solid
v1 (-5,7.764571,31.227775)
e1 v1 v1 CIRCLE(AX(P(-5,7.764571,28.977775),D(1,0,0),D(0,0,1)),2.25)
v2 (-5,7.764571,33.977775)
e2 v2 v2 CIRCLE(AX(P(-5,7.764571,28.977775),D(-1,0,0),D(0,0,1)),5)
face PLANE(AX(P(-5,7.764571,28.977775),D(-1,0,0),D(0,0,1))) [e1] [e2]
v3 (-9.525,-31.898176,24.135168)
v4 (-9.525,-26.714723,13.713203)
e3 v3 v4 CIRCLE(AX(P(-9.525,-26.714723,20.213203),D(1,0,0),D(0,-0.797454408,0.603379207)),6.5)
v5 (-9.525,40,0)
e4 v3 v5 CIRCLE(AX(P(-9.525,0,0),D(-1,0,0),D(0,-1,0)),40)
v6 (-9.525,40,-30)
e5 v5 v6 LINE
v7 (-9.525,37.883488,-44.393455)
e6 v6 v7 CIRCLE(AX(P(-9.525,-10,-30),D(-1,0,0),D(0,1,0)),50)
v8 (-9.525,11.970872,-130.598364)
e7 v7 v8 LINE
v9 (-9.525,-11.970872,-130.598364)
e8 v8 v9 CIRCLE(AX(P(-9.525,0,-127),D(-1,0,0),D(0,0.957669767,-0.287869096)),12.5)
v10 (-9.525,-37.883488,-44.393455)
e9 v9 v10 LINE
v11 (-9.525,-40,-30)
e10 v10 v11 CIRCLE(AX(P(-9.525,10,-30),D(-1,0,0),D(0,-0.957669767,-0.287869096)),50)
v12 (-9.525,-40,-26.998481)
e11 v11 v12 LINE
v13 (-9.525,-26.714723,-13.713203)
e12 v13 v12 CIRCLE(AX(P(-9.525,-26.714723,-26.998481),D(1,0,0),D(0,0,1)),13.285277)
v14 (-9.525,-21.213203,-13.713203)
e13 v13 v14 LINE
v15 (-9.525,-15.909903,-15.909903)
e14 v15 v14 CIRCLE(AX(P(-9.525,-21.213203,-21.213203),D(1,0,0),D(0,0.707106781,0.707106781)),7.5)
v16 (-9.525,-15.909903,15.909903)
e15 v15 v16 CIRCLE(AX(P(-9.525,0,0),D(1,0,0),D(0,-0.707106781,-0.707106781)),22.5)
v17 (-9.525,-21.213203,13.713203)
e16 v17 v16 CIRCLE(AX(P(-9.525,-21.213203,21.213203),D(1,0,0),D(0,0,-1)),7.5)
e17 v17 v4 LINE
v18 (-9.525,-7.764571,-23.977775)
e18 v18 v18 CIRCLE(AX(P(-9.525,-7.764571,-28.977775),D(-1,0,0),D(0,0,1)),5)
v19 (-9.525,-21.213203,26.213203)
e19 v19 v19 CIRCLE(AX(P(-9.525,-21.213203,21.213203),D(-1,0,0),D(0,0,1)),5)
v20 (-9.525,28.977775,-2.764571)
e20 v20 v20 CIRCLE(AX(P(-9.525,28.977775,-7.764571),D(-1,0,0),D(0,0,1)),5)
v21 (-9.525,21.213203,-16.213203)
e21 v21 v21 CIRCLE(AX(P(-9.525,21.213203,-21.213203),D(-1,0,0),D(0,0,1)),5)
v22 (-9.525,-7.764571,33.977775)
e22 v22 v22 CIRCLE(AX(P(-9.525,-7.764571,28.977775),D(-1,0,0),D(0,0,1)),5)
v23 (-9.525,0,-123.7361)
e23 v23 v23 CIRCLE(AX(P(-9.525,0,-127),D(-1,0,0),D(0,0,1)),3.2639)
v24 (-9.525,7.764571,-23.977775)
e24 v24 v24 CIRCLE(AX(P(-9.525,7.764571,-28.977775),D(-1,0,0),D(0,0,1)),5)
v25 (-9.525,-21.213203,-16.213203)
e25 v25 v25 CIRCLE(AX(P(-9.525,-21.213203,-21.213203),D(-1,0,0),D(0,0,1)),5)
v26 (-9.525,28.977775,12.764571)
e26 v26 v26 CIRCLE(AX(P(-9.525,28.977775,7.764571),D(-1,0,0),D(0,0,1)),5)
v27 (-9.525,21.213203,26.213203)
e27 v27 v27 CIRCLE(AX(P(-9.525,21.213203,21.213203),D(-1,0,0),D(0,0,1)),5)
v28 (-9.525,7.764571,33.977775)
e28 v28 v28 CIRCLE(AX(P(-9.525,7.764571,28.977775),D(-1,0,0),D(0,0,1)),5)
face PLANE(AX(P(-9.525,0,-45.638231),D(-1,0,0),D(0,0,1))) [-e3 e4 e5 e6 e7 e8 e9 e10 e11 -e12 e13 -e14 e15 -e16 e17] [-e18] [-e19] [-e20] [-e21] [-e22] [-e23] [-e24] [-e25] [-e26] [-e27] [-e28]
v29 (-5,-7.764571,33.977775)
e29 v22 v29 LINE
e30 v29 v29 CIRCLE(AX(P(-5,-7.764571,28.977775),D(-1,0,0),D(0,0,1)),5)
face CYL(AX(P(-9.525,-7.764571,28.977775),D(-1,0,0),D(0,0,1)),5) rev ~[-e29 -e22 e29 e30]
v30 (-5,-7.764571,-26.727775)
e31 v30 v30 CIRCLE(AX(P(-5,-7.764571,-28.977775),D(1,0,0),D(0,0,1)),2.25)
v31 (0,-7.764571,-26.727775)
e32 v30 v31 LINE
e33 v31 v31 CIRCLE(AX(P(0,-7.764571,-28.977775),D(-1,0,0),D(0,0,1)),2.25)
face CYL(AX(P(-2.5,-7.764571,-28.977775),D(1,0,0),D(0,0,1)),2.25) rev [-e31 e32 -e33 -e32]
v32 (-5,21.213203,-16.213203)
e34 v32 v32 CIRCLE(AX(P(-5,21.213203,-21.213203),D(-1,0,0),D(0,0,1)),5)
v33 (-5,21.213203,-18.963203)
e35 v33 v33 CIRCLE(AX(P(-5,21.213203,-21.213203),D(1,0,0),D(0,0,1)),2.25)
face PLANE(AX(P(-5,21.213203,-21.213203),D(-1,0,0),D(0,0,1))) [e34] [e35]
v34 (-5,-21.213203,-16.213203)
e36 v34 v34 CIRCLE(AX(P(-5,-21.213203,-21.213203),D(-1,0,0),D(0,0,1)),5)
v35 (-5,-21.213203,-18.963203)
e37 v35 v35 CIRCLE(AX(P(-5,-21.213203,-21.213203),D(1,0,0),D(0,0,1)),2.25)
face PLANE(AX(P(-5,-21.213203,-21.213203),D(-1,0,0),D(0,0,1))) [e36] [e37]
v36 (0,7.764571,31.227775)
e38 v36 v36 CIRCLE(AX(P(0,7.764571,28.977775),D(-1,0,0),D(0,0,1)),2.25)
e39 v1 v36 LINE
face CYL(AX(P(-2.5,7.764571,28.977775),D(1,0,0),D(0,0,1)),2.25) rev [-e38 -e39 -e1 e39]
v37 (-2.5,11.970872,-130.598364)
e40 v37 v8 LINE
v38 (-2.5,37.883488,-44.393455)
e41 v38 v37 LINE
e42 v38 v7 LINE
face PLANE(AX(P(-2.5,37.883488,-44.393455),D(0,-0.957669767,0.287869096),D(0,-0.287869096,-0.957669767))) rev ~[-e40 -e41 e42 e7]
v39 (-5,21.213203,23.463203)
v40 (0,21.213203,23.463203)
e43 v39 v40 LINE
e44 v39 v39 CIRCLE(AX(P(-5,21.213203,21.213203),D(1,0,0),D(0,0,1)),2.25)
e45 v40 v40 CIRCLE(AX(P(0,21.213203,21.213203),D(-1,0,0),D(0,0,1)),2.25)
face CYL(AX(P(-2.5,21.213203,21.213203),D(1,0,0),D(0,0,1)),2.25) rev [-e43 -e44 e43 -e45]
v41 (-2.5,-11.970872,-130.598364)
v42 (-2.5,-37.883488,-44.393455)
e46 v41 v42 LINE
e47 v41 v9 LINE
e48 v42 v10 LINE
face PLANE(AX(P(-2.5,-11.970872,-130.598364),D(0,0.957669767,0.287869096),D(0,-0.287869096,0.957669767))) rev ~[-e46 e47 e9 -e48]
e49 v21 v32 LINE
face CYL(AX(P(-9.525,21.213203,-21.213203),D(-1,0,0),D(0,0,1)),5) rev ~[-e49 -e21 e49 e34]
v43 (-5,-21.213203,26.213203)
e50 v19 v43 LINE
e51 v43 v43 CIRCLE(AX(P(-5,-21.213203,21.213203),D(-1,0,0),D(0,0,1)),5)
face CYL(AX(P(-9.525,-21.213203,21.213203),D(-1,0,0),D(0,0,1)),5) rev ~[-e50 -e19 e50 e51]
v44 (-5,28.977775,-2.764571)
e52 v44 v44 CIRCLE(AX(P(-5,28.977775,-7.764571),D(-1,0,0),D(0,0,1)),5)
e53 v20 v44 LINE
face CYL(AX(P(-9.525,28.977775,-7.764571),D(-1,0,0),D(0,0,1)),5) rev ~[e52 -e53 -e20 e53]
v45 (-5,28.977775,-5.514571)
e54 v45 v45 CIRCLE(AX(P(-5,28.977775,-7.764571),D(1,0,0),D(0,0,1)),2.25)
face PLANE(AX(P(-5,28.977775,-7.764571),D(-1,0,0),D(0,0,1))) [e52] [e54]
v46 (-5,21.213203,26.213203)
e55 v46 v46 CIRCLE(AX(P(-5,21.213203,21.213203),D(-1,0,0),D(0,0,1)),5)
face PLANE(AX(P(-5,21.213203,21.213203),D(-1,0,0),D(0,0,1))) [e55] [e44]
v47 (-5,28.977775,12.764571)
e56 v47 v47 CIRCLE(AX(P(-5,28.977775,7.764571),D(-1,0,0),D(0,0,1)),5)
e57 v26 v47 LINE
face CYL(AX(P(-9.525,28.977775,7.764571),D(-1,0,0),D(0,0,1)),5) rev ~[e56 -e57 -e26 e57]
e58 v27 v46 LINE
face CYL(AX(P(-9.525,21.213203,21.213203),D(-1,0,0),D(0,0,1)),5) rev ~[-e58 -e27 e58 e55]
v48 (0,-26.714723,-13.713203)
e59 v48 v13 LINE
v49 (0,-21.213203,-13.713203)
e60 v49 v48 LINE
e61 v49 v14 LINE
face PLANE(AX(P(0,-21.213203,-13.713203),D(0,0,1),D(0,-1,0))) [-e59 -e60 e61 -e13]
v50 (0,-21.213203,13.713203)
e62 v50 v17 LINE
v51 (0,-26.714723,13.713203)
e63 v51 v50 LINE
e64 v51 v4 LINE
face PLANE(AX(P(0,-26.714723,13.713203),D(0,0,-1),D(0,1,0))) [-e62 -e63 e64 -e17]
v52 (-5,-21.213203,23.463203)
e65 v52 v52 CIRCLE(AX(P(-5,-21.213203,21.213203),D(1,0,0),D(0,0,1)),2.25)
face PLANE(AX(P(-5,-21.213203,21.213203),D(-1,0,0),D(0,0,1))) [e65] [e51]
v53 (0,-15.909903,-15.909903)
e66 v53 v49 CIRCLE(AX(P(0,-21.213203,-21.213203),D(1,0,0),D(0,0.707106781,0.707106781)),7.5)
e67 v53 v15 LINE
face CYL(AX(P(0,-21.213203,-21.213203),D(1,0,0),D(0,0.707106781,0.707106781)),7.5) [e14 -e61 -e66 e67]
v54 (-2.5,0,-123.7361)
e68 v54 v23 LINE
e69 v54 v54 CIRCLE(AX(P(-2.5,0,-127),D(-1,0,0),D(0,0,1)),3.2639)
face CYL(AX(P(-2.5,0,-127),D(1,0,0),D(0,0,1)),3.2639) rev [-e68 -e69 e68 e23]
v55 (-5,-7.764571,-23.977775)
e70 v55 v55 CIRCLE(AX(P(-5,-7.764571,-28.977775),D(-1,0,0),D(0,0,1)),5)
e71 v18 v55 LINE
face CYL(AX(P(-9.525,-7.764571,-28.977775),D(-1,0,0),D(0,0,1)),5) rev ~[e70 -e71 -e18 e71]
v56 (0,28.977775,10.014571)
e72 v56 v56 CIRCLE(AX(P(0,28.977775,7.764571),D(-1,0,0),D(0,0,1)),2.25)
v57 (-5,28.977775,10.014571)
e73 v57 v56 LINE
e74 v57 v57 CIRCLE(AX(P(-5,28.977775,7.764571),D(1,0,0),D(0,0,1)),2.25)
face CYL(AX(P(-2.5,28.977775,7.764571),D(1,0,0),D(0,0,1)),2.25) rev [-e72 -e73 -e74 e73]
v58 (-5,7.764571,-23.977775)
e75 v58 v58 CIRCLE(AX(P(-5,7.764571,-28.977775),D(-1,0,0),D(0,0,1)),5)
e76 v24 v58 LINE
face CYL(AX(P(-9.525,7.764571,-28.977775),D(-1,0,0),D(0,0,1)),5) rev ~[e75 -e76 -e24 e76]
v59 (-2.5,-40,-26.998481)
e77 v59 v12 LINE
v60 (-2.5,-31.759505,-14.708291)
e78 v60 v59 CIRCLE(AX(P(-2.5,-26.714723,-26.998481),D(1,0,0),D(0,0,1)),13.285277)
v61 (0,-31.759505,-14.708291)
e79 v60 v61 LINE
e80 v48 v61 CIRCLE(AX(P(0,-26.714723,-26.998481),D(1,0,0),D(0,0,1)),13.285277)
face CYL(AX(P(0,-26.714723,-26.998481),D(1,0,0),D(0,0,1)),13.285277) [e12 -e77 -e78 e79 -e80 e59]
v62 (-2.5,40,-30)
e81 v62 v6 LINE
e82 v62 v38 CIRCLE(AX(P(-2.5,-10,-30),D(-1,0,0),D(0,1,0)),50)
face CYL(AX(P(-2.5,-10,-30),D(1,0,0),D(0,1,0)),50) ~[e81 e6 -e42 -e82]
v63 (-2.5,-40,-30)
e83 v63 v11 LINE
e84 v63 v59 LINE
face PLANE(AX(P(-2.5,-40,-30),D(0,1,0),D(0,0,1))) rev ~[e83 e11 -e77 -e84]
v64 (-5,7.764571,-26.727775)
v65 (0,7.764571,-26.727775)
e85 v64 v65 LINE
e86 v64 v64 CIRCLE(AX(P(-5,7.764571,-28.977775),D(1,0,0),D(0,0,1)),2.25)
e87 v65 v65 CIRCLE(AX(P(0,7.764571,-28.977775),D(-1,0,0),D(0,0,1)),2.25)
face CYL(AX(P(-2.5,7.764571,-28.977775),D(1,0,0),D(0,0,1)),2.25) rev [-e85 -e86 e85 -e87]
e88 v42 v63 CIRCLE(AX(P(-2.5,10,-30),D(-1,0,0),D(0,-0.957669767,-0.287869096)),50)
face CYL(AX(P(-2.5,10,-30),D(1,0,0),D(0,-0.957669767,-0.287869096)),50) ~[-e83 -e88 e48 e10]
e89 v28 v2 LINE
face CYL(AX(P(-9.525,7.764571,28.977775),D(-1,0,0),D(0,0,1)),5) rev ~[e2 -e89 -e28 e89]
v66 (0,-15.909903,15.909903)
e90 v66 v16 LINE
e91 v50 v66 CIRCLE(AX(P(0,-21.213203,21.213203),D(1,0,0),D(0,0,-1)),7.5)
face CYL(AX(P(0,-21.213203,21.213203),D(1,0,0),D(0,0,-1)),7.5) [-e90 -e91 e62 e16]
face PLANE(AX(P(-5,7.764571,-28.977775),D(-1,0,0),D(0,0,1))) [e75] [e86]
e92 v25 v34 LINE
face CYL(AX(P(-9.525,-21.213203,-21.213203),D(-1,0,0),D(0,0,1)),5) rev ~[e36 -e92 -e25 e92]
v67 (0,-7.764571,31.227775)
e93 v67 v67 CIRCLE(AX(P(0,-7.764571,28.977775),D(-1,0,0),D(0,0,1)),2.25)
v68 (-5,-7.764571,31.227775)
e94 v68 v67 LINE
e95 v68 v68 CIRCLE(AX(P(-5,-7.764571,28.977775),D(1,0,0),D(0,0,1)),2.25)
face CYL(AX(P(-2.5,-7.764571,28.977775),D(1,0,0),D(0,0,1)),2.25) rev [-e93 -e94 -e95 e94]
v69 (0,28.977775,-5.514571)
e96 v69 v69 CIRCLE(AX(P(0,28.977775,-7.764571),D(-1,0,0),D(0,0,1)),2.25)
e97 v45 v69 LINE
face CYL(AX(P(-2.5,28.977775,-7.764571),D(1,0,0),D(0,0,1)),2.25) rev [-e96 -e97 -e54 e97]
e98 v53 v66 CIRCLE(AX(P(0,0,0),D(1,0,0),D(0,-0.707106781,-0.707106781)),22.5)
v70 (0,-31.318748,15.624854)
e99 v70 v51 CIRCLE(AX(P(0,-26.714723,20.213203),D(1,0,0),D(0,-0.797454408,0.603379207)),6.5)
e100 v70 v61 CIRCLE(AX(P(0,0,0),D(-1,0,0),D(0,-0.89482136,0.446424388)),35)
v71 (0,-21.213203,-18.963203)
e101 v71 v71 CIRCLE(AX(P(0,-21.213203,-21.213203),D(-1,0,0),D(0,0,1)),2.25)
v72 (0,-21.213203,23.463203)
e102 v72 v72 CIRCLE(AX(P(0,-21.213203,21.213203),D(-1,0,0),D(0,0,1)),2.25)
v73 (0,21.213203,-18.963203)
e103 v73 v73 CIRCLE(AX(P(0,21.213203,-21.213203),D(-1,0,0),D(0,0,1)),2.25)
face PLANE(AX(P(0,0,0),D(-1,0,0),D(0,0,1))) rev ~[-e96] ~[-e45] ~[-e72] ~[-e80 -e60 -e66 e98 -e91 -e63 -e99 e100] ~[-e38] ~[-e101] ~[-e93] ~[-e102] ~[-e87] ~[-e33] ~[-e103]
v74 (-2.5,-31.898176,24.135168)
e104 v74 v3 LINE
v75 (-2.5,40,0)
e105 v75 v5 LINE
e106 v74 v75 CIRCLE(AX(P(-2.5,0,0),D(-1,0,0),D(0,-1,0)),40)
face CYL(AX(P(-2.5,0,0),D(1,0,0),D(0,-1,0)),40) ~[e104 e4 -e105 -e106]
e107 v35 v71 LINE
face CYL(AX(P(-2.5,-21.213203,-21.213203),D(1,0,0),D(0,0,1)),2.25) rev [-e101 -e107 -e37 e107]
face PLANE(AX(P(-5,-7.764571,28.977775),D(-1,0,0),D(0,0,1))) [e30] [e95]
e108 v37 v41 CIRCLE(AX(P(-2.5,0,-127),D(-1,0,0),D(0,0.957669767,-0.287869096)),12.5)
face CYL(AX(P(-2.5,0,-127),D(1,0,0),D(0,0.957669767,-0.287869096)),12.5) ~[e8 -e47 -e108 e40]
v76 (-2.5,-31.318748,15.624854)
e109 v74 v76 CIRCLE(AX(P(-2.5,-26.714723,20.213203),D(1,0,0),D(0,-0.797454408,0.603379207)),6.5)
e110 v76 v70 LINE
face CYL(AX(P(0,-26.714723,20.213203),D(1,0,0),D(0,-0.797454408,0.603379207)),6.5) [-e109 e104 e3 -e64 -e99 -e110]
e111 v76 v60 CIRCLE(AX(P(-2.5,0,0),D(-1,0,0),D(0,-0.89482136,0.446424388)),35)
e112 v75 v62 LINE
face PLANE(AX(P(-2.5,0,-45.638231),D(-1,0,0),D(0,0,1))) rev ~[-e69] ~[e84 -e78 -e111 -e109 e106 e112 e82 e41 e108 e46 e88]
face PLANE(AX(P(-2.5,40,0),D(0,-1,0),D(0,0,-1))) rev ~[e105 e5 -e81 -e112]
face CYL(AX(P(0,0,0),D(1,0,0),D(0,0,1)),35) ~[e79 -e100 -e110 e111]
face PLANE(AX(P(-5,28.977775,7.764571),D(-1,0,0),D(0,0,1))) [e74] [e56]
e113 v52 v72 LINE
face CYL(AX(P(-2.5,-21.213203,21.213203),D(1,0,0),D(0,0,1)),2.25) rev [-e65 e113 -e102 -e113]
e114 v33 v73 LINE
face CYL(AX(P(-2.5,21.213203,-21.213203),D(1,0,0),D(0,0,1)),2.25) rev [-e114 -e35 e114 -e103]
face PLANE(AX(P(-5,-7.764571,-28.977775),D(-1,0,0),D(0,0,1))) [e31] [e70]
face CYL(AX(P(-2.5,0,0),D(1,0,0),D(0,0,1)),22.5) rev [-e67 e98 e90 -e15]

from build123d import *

# Parameters (mm, degrees)
SKETCH1_R           = 35
SKETCH1_R_2         = 22.5
SKETCH1_R_3         = 2.25
BOSS_EXTRUDE1_DEPTH = 2.5
SKETCH2_R           = 22.5
SKETCH2_R_2         = 2.25
SKETCH2_R_3         = 3.2639
BOSS_EXTRUDE2_DEPTH = 7.025
CUT_EXTRUDE1_DEPTH  = 146.433749952
SKETCH4_R           = 5
CUT_EXTRUDE2_DEPTH  = 4.525


with BuildPart() as part:
    # Sketch1 → Boss-Extrude1 (new body)
    with BuildSketch(Plane.ZY):
        Circle(SKETCH1_R)
        Circle(SKETCH1_R_2, mode=Mode.SUBTRACT)
        with Locations((-21.213203436, -21.213203436)):
            Circle(SKETCH1_R_3, mode=Mode.SUBTRACT)
        with Locations((-28.977774789, -7.764571353)):
            Circle(SKETCH1_R_3, mode=Mode.SUBTRACT)
        with Locations((-28.977774789, 7.764571353)):
            Circle(SKETCH1_R_3, mode=Mode.SUBTRACT)
        with Locations((-21.213203436, 21.213203436)):
            Circle(SKETCH1_R_3, mode=Mode.SUBTRACT)
        with Locations((-7.764571353, 28.977774789)):
            Circle(SKETCH1_R_3, mode=Mode.SUBTRACT)
        with Locations((7.764571353, 28.977774789)):
            Circle(SKETCH1_R_3, mode=Mode.SUBTRACT)
        with Locations((21.213203436, 21.213203436)):
            Circle(SKETCH1_R_3, mode=Mode.SUBTRACT)
        with Locations((28.977774789, 7.764571353)):
            Circle(SKETCH1_R_3, mode=Mode.SUBTRACT)
        with Locations((28.977774789, -7.764571353)):
            Circle(SKETCH1_R_3, mode=Mode.SUBTRACT)
        with Locations((21.213203436, -21.213203436)):
            Circle(SKETCH1_R_3, mode=Mode.SUBTRACT)
    extrude(amount=BOSS_EXTRUDE1_DEPTH)

    # Sketch2 → Boss-Extrude2 (add)
    with BuildSketch(Plane.ZY.offset(2.5)):
        with BuildLine():
            Line((0, 40), (-30, 40))
            ThreePointArc((-30, 40), (-37.274117863, 39.468042303), (-44.393454807, 37.883488373))
            Line((-44.393454807, 37.883488373), (-130.598363702, 11.970872093))
            ThreePointArc((-130.598363702, 11.970872093), (-139.5, 0), (-130.598363702, -11.970872093))
            Line((-130.598363702, -11.970872093), (-44.393454807, -37.883488373))
            ThreePointArc((-44.393454807, -37.883488373), (-37.274117863, -39.468042303), (-30, -40))
            Line((-30, -40), (0, -40))
            ThreePointArc((0, -40), (40, 0), (0, 40))
        make_face()
        Circle(SKETCH2_R, mode=Mode.SUBTRACT)
        with Locations((-21.213203436, -21.213203436)):
            Circle(SKETCH2_R_2, mode=Mode.SUBTRACT)
        with Locations((-28.977774789, -7.764571353)):
            Circle(SKETCH2_R_2, mode=Mode.SUBTRACT)
        with Locations((-28.977774789, 7.764571353)):
            Circle(SKETCH2_R_2, mode=Mode.SUBTRACT)
        with Locations((-21.213203436, 21.213203436)):
            Circle(SKETCH2_R_2, mode=Mode.SUBTRACT)
        with Locations((-7.764571353, 28.977774789)):
            Circle(SKETCH2_R_2, mode=Mode.SUBTRACT)
        with Locations((7.764571353, 28.977774789)):
            Circle(SKETCH2_R_2, mode=Mode.SUBTRACT)
        with Locations((21.213203436, 21.213203436)):
            Circle(SKETCH2_R_2, mode=Mode.SUBTRACT)
        with Locations((28.977774789, 7.764571353)):
            Circle(SKETCH2_R_2, mode=Mode.SUBTRACT)
        with Locations((28.977774789, -7.764571353)):
            Circle(SKETCH2_R_2, mode=Mode.SUBTRACT)
        with Locations((21.213203436, -21.213203436)):
            Circle(SKETCH2_R_2, mode=Mode.SUBTRACT)
        with Locations((-127, 0)):
            Circle(SKETCH2_R_3, mode=Mode.SUBTRACT)
    extrude(amount=BOSS_EXTRUDE2_DEPTH)

    # Sketch3 → Cut-Extrude1 (cut, through all)
    with BuildSketch(Plane(origin=(0, 0, 0), x_dir=(0, 0, -1), z_dir=(1, 0, 0))):
        with BuildLine():
            Line((26.998480774, -40), (0, -40))
            ThreePointArc((0, -40), (-12.729354805, -37.920489531), (-24.135168281, -31.898176312))
            ThreePointArc((-24.135168281, -31.898176312), (-17.31861983, -32.534635526), (-13.713203436, -26.714722661))
            Line((-13.713203436, -26.714722661), (-13.713203436, -21.213203436))
            ThreePointArc((-13.713203436, -21.213203436), (-14.284106942, -18.343077693), (-15.909902577, -15.909902577))
            ThreePointArc((-15.909902577, -15.909902577), (0, -22.5), (15.909902577, -15.909902577))
            ThreePointArc((15.909902577, -15.909902577), (14.284106942, -18.343077693), (13.713203436, -21.213203436))
            Line((13.713203436, -21.213203436), (13.713203436, -26.714722661))
            ThreePointArc((13.713203436, -26.714722661), (17.604371078, -36.108832357), (26.998480774, -40))
        make_face()
    extrude(amount=-CUT_EXTRUDE1_DEPTH, mode=Mode.SUBTRACT)

    # Sketch4 → Cut-Extrude2 (cut)
    with BuildSketch(Plane.ZY.offset(9.525)):
        with Locations((-21.213203436, -21.213203436)):
            Circle(SKETCH4_R)
        with Locations((-28.977774789, -7.764571353)):
            Circle(SKETCH4_R)
        with Locations((-28.977774789, 7.764571353)):
            Circle(SKETCH4_R)
        with Locations((-21.213203436, 21.213203436)):
            Circle(SKETCH4_R)
        with Locations((-7.764571353, 28.977774789)):
            Circle(SKETCH4_R)
        with Locations((7.764571353, 28.977774789)):
            Circle(SKETCH4_R)
        with Locations((21.213203436, 21.213203436)):
            Circle(SKETCH4_R)
        with Locations((28.977774789, 7.764571353)):
            Circle(SKETCH4_R)
        with Locations((28.977774789, -7.764571353)):
            Circle(SKETCH4_R)
        with Locations((21.213203436, -21.213203436)):
            Circle(SKETCH4_R)
    extrude(amount=-CUT_EXTRUDE2_DEPTH, mode=Mode.SUBTRACT)


solid = part.part
